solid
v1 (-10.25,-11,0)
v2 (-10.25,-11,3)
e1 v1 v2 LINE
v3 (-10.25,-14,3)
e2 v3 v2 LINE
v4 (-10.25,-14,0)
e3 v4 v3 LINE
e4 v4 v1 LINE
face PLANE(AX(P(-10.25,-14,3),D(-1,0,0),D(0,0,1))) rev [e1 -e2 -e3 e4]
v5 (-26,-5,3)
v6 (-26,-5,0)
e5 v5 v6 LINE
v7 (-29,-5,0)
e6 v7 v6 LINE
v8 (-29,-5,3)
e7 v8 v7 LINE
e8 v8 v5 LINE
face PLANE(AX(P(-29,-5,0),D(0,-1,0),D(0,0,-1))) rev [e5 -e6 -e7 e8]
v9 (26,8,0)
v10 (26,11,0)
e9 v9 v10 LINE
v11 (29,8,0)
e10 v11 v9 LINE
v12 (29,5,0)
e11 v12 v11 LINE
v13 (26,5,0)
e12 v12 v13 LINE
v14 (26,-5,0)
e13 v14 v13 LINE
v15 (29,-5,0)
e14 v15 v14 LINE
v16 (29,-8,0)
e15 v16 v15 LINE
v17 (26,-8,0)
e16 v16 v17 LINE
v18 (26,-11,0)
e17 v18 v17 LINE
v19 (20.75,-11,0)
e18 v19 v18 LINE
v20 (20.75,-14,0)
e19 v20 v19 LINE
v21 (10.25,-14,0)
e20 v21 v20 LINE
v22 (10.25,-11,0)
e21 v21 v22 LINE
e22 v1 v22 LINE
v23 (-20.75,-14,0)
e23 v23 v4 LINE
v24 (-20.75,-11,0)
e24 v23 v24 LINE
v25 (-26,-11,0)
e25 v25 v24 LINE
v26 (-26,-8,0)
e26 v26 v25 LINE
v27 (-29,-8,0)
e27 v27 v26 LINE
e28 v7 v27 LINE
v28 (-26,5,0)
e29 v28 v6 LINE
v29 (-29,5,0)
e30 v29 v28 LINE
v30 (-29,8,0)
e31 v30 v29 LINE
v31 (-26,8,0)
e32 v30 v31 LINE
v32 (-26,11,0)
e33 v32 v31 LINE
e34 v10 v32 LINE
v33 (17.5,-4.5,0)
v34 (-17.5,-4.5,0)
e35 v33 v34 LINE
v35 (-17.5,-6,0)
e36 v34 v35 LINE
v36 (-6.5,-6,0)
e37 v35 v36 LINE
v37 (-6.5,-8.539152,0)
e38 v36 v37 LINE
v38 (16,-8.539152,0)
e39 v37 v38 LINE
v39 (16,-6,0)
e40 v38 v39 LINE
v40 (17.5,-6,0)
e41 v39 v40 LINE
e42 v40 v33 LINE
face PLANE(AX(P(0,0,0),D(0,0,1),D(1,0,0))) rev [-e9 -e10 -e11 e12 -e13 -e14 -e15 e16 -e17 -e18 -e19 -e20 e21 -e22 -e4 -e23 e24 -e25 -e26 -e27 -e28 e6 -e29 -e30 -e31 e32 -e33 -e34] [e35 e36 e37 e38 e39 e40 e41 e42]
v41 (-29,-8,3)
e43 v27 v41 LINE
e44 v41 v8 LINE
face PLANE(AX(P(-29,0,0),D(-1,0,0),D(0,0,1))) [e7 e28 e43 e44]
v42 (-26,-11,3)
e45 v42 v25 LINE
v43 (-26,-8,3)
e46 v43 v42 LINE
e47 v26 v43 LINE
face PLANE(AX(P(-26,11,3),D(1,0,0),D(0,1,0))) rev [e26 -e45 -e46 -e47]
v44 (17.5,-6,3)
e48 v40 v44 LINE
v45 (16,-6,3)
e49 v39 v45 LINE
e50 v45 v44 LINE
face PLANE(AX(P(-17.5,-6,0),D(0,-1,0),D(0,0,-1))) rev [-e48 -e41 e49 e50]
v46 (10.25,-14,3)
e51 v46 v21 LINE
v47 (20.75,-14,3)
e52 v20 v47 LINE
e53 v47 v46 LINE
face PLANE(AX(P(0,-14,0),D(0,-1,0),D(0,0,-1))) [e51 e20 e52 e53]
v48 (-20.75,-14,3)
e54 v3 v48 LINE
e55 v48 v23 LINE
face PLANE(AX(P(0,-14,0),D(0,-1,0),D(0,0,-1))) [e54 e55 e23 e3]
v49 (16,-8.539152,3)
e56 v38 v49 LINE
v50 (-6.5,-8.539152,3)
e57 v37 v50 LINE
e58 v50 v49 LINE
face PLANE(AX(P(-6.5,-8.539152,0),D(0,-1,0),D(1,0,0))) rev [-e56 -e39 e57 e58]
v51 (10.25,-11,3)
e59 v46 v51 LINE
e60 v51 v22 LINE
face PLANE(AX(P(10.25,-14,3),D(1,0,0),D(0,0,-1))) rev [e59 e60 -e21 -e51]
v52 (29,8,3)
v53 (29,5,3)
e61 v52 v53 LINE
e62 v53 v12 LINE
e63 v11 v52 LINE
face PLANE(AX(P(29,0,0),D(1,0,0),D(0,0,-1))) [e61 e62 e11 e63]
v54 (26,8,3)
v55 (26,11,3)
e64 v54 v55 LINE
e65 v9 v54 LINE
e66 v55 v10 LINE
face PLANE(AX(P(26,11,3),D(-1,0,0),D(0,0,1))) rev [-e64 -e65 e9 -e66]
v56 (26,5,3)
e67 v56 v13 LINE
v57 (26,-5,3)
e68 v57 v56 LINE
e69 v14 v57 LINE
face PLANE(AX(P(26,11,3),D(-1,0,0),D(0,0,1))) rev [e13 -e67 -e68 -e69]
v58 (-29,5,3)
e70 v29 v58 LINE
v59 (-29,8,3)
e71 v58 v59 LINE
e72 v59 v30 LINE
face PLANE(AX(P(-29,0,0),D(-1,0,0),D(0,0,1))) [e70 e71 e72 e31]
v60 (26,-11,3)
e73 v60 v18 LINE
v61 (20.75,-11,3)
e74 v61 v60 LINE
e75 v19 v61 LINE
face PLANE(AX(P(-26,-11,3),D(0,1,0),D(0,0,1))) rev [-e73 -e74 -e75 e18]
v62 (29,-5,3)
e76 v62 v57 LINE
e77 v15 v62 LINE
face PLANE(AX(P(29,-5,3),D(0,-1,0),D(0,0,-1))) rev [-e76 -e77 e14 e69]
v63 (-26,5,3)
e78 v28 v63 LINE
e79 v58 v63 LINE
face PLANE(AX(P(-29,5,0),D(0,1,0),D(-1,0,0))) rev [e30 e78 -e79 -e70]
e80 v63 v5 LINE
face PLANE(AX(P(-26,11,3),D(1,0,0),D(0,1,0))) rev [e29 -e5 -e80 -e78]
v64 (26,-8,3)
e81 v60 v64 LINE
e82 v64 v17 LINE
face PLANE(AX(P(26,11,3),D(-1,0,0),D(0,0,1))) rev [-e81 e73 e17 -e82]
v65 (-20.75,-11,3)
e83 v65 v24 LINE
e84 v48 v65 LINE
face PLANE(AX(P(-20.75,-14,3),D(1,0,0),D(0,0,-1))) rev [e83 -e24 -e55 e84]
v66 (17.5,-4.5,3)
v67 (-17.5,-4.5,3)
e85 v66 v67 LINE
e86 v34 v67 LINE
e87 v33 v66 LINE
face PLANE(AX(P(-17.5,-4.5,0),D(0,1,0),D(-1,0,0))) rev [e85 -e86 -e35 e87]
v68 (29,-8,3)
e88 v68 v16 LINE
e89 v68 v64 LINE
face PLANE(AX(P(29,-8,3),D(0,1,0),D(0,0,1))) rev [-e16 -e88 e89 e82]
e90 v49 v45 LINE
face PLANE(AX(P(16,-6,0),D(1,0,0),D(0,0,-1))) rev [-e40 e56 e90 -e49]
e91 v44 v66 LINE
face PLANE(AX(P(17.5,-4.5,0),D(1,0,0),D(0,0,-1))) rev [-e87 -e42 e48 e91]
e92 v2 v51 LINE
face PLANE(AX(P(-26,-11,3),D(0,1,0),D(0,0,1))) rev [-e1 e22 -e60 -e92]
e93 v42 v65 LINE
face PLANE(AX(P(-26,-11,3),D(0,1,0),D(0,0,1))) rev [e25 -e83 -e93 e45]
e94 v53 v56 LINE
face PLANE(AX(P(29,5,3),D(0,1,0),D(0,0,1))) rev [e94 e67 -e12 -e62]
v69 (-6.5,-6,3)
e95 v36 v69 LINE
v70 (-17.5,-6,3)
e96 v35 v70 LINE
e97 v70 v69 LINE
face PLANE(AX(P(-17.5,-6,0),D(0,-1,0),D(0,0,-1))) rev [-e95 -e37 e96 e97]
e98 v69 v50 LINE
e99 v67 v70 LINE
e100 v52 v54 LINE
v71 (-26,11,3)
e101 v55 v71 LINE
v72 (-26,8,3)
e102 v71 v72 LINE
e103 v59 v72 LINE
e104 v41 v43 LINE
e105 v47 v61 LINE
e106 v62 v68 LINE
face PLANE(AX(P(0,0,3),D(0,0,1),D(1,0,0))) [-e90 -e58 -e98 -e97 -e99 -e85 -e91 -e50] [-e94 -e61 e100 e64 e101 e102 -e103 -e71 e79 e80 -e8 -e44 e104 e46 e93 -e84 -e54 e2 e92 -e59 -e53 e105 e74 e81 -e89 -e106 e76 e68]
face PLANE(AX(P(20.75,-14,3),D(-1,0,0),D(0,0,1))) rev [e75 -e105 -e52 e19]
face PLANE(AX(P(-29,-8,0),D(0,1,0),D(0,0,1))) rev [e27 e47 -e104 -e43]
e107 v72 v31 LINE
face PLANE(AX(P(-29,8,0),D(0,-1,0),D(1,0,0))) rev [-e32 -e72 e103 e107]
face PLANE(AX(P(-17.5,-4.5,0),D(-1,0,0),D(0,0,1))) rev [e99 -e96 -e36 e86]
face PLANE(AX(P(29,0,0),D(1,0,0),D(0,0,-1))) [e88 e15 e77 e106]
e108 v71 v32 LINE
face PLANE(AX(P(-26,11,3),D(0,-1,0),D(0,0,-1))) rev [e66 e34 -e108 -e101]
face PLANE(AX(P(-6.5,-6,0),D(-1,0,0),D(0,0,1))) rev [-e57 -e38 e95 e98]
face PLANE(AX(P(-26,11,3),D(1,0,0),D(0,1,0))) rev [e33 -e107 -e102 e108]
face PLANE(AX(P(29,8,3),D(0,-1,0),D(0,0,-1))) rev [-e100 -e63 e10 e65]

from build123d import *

# Parameters (mm, degrees)
SKETCH1_W           = 52
SKETCH1_H           = 22
BOSS_EXTRUDE1_DEPTH = 3
SKETCH2_W           = 3
SKETCH2_H           = 3
BOSS_EXTRUDE2_DEPTH = 3
SKETCH3_W           = 3
SKETCH3_H           = 3
BOSS_EXTRUDE3_DEPTH = 3
SKETCH4_W           = 10.5
SKETCH4_H           = 3
BOSS_EXTRUDE4_DEPTH = 3
SKETCH5_W           = 35
SKETCH5_H           = 1.5
CUT_EXTRUDE1_DEPTH  = 3
SKETCH6_W           = 22.5
SKETCH6_H           = 2.539151914
CUT_EXTRUDE2_DEPTH  = 3


with BuildPart() as part:
    # Sketch1 → Boss-Extrude1 (new body)
    with BuildSketch(Plane.XY):
        Rectangle(SKETCH1_W, SKETCH1_H)
    extrude(amount=BOSS_EXTRUDE1_DEPTH)

    # Sketch2 → Boss-Extrude2 (add)
    with BuildSketch(Plane.ZY.offset(26)):
        with Locations((1.5, 6.5)):
            Rectangle(SKETCH2_W, SKETCH2_H)
        with Locations((1.5, -6.5)):
            Rectangle(SKETCH2_W, SKETCH2_H)
    extrude(amount=BOSS_EXTRUDE2_DEPTH)

    # Sketch3 → Boss-Extrude3 (add)
    with BuildSketch(Plane(origin=(26, 0, 0), x_dir=(0, 0, -1), z_dir=(1, 0, 0))):
        with Locations((-1.5, 6.5)):
            Rectangle(SKETCH3_W, SKETCH3_H)
        with Locations((-1.5, -6.5)):
            Rectangle(SKETCH3_W, SKETCH3_H)
    extrude(amount=BOSS_EXTRUDE3_DEPTH)

    # Sketch4 → Boss-Extrude4 (add)
    with BuildSketch(Plane.XZ.offset(11)):
        with Locations((-15.5, 1.5)):
            Rectangle(SKETCH4_W, SKETCH4_H)
        with Locations((15.5, 1.5)):
            Rectangle(SKETCH4_W, SKETCH4_H)
    extrude(amount=BOSS_EXTRUDE4_DEPTH)

    # Sketch5 → Cut-Extrude1 (cut)
    with BuildSketch(Plane.XY.offset(3)):
        with Locations((0, -5.25)):
            Rectangle(SKETCH5_W, SKETCH5_H)
    extrude(amount=-CUT_EXTRUDE1_DEPTH, mode=Mode.SUBTRACT)

    # Sketch6 → Cut-Extrude2 (cut)
    with BuildSketch(Plane.XY.offset(3)):
        with Locations((4.75, -7.269575957)):
            Rectangle(SKETCH6_W, SKETCH6_H)
    extrude(amount=-CUT_EXTRUDE2_DEPTH, mode=Mode.SUBTRACT)


solid = part.part
